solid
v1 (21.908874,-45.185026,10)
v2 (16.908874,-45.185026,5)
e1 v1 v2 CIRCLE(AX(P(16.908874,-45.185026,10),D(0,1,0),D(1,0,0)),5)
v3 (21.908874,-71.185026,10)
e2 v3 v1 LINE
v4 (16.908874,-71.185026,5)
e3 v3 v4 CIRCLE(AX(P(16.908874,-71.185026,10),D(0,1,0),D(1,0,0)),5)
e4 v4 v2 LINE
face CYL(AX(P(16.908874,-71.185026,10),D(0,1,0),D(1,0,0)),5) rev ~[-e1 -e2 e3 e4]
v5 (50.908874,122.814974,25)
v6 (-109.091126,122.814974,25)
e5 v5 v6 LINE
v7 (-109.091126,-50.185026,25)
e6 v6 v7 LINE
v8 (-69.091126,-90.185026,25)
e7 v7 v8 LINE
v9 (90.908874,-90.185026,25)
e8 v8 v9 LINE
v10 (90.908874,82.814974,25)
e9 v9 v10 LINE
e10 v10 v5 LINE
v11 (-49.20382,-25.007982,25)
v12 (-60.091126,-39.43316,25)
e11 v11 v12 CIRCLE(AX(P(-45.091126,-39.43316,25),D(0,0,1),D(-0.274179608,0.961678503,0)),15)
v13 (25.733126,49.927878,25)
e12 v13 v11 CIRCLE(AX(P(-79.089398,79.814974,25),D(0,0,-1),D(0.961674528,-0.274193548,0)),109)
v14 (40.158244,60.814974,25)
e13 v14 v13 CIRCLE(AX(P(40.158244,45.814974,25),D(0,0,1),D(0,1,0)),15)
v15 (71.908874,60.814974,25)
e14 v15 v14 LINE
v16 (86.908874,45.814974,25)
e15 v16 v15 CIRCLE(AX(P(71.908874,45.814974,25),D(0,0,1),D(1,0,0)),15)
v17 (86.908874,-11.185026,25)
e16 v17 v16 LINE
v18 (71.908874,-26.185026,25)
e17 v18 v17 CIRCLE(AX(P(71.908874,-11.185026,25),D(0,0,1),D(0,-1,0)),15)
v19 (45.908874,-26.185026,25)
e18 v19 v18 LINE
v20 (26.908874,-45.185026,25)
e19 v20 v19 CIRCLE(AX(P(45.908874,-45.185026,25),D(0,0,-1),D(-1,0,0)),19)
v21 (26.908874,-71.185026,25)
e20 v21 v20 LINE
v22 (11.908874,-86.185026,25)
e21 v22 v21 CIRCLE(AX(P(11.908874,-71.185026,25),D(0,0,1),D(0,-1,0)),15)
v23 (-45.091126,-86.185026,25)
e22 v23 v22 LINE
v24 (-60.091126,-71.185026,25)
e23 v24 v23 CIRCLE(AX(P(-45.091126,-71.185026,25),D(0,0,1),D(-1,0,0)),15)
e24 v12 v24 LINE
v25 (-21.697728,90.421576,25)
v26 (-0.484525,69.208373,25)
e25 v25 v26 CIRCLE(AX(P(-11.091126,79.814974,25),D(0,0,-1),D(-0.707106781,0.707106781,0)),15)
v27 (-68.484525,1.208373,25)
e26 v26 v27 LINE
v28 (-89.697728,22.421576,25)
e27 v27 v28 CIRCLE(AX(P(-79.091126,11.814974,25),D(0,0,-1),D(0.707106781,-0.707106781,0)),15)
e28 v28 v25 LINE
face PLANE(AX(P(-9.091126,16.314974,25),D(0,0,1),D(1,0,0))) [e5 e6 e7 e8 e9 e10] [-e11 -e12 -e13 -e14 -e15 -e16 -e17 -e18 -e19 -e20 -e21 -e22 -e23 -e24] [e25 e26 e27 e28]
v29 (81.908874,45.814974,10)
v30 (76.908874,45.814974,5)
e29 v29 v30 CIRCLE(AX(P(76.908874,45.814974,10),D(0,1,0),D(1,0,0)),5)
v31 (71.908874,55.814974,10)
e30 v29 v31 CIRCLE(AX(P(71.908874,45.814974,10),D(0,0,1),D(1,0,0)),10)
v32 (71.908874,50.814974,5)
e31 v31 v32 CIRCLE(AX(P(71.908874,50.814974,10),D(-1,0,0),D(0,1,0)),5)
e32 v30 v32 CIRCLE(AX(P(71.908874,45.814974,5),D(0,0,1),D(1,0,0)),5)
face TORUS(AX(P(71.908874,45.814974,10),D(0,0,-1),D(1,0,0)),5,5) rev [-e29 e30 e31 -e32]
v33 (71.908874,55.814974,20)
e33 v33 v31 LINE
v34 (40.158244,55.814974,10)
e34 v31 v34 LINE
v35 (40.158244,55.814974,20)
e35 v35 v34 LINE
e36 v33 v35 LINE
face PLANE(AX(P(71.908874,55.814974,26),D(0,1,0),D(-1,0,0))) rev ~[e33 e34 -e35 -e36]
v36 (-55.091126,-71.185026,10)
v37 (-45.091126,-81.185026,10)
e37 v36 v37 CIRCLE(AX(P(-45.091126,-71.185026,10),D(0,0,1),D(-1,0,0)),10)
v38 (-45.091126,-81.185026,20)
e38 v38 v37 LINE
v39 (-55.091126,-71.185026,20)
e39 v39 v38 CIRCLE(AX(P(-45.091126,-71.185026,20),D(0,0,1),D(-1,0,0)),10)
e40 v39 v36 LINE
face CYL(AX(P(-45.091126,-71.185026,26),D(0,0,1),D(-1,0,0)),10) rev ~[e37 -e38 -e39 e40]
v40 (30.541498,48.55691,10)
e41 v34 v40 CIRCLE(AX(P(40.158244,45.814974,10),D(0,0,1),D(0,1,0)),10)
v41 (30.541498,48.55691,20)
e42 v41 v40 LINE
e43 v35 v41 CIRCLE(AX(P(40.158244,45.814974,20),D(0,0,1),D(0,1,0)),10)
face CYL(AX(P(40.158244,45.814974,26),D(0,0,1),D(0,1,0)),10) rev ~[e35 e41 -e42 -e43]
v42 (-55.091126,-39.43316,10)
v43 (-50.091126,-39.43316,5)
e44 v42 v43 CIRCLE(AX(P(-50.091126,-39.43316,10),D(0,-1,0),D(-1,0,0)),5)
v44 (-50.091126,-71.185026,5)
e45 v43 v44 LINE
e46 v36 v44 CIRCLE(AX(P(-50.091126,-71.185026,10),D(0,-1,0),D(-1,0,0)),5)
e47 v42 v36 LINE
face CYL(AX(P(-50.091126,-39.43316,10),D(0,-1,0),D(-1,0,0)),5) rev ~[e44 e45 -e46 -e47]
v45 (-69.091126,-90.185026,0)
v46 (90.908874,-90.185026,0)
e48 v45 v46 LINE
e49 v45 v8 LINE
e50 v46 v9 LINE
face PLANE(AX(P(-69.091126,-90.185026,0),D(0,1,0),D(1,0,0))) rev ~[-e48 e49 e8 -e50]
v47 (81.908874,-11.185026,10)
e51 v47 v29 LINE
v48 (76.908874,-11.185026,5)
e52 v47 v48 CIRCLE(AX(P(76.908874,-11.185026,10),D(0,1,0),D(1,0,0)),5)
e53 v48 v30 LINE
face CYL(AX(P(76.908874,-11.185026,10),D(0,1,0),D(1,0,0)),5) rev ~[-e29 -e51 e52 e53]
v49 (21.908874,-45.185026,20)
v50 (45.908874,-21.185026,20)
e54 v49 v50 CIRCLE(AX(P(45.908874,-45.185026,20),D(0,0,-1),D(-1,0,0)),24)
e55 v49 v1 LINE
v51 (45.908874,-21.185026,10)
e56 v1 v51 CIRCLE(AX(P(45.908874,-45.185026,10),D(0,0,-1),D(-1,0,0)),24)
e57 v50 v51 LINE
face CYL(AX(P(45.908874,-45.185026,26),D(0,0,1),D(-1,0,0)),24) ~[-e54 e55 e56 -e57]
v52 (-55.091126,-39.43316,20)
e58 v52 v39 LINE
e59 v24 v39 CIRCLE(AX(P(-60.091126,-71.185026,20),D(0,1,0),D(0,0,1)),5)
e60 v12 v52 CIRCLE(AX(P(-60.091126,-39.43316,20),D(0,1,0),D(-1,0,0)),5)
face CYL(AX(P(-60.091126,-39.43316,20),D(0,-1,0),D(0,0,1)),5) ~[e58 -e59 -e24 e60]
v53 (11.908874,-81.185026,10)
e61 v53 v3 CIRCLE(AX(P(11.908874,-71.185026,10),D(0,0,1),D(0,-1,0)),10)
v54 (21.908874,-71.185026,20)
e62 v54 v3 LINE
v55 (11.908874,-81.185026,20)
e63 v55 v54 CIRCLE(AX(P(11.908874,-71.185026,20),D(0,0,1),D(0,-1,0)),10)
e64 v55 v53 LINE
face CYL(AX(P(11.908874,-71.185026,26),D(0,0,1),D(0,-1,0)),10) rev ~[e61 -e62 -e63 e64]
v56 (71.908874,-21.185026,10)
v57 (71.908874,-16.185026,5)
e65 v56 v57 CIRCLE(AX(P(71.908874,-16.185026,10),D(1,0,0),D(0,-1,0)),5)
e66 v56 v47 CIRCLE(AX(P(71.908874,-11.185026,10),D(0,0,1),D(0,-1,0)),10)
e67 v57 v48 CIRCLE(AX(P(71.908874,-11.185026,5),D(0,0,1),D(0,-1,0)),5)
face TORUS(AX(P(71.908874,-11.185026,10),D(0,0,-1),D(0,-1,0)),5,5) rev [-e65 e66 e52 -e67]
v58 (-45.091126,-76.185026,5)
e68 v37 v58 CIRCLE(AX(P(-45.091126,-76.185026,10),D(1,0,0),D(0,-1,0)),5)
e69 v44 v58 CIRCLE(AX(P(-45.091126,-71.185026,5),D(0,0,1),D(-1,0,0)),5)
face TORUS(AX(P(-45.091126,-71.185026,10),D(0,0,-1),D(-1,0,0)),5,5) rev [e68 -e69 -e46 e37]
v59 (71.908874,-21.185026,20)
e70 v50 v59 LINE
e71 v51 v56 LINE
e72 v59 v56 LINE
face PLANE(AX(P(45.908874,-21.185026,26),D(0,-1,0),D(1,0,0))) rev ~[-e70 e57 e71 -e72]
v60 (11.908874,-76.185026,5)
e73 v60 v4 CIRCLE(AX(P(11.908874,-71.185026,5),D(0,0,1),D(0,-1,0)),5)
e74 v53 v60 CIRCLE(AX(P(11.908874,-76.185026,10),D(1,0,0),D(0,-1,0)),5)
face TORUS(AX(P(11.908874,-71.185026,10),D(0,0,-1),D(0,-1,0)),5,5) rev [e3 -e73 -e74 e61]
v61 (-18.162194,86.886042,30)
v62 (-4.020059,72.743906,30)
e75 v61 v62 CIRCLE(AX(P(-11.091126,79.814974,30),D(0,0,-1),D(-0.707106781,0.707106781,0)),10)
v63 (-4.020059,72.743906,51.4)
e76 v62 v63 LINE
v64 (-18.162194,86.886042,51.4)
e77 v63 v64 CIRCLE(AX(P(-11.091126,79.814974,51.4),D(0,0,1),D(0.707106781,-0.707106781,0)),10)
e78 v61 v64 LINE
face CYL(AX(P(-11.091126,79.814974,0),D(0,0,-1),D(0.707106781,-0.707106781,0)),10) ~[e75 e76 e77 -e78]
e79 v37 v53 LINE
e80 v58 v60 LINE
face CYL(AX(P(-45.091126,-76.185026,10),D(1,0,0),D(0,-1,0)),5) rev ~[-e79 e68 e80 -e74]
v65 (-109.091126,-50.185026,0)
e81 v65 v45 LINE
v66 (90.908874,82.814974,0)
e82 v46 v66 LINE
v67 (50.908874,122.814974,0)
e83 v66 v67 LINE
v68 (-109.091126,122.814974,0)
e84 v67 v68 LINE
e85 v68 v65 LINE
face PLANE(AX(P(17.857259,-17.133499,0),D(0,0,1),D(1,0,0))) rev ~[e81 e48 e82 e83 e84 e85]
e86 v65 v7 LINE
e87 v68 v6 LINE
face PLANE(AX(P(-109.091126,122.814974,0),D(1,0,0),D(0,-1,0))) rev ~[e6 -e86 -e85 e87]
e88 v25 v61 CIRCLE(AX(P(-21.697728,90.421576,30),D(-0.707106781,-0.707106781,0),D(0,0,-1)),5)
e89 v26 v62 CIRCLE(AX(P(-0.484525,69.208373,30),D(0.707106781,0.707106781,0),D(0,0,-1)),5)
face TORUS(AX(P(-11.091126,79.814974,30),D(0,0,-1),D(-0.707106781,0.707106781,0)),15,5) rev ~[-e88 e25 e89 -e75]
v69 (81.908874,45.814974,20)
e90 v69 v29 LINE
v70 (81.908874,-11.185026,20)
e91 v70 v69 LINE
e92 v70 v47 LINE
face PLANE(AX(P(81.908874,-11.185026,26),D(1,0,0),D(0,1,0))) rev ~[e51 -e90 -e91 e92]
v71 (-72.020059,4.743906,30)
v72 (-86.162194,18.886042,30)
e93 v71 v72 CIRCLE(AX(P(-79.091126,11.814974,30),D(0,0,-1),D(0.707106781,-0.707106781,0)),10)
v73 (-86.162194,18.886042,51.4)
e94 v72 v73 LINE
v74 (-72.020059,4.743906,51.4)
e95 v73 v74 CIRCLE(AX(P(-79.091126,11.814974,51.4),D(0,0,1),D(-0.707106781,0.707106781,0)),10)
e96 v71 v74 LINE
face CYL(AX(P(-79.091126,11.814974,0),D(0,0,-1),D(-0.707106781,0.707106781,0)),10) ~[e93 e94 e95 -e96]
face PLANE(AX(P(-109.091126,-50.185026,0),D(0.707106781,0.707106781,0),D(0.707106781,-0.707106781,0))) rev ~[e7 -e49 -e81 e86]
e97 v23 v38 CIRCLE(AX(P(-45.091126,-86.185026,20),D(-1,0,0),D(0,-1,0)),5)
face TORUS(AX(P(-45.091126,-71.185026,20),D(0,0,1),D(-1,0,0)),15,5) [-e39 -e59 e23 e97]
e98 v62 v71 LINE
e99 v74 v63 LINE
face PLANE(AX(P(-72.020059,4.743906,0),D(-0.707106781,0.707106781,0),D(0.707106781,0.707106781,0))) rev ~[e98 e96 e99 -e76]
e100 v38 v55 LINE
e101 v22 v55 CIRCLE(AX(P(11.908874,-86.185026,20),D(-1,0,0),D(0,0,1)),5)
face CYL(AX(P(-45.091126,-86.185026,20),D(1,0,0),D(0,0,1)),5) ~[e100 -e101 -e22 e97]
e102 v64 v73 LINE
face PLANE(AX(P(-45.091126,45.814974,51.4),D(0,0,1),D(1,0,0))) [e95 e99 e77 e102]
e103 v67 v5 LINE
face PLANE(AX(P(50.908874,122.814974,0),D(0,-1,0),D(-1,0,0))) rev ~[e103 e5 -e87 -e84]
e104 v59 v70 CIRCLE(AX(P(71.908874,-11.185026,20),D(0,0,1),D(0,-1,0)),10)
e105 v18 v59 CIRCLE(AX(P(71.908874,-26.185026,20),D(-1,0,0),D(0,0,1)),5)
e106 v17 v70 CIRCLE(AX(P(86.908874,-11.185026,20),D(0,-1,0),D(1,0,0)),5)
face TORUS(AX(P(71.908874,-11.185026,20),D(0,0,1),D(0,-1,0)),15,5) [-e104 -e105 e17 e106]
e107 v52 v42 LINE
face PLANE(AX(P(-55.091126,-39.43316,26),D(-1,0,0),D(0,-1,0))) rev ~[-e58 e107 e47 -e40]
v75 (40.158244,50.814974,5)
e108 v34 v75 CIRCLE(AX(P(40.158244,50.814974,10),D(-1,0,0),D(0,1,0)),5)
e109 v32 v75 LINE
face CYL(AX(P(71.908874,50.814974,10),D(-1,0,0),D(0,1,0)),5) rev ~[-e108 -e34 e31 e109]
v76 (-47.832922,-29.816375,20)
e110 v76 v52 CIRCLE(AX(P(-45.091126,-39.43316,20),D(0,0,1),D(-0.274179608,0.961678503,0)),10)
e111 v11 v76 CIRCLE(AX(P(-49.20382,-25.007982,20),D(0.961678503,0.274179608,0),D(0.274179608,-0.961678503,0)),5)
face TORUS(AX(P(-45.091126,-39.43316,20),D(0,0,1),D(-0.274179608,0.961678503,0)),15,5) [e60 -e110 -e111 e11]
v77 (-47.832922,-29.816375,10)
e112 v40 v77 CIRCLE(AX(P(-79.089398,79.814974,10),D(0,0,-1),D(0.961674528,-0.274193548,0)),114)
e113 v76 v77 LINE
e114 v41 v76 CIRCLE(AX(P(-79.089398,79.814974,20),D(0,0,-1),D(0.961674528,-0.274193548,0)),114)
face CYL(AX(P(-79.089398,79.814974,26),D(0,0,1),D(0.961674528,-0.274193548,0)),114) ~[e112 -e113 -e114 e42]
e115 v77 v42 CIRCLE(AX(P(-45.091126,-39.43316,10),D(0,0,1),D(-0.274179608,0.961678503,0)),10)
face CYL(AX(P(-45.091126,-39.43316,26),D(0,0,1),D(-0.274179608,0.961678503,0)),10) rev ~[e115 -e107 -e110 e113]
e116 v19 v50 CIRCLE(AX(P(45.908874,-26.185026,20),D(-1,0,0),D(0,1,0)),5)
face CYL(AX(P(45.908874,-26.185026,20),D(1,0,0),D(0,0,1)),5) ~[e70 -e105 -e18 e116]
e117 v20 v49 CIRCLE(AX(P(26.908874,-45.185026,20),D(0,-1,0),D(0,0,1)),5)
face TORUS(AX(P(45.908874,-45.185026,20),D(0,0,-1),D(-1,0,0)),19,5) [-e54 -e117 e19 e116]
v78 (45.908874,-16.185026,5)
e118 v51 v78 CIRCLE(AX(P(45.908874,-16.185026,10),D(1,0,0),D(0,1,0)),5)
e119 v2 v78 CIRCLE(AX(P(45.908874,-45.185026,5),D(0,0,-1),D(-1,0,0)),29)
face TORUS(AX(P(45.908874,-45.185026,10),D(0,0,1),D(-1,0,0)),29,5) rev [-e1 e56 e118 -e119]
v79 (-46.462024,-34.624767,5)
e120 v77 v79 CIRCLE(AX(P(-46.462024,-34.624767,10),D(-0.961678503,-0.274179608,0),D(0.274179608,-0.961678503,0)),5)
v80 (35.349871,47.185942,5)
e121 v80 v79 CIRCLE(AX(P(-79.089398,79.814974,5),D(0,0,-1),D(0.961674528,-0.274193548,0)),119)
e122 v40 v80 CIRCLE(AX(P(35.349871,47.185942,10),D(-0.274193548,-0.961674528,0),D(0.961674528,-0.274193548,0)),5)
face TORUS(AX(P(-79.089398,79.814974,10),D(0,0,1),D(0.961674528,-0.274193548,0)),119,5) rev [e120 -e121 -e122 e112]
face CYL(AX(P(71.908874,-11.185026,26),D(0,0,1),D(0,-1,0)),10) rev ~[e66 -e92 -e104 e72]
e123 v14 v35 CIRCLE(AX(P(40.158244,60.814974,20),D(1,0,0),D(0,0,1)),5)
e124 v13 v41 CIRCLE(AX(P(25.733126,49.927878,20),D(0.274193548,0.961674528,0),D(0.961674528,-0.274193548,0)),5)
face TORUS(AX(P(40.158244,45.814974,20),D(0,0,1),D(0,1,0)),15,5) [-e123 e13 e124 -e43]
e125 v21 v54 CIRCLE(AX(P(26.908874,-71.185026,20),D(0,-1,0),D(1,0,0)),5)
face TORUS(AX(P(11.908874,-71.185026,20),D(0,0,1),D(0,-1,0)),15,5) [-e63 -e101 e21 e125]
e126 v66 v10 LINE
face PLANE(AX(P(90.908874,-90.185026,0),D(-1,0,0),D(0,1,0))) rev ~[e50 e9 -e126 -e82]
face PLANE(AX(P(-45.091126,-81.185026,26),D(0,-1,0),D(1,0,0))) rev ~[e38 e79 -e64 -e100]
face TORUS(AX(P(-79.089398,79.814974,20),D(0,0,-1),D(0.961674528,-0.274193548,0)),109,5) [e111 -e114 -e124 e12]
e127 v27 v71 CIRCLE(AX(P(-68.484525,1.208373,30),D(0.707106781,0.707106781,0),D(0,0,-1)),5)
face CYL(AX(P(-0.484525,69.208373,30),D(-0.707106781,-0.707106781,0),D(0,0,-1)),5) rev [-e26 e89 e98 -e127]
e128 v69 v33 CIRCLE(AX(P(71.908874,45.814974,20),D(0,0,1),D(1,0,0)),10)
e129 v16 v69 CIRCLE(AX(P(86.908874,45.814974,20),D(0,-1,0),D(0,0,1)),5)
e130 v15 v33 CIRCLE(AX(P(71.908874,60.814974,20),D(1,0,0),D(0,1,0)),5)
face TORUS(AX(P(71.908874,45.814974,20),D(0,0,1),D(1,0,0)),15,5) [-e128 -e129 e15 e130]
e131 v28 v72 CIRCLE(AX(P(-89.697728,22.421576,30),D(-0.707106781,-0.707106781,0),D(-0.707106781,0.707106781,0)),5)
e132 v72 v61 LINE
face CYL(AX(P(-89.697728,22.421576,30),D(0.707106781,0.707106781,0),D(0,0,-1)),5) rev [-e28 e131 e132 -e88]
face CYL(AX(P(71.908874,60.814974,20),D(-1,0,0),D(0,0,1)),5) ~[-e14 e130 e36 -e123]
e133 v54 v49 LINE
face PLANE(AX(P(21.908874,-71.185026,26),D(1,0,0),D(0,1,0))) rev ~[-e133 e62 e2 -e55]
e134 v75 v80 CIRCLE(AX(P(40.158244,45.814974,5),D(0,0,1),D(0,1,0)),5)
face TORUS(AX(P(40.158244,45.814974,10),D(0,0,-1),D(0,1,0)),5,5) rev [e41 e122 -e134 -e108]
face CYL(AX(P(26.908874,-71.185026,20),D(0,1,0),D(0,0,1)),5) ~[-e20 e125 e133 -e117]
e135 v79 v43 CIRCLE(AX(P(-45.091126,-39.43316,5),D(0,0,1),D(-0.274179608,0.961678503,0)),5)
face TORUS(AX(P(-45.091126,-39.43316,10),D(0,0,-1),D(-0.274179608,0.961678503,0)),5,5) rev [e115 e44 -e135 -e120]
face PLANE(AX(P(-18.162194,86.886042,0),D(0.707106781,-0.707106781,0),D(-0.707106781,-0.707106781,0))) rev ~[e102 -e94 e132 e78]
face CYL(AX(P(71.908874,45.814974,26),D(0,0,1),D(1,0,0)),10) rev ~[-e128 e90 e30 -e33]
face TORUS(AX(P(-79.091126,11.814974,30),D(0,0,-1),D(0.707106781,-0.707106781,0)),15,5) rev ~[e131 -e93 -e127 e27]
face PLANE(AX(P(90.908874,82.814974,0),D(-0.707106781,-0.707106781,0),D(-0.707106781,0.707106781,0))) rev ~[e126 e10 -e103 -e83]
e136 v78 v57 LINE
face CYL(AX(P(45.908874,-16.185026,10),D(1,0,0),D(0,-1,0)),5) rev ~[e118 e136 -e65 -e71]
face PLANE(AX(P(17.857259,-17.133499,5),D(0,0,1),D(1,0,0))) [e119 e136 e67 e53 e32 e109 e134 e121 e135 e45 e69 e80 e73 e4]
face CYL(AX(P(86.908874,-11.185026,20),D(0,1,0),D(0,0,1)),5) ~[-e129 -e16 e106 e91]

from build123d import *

# Parameters (mm, degrees)
F1_DEPTH = 25
F2_DEPTH = 51.4
F3_R     = 5
F4_DEPTH = 26
F5_DEPTH = 21
F6_R     = 5


with BuildPart() as f1:
    # F0 (on Top) → F1 (new body)
    with BuildSketch(Plane.XY):
        Polygon((-109.0911263708, -50.1850256925), (-69.0911263708, -90.1850256925), (90.9088736292, -90.1850256925), (90.9088736292, 79.8149743075), (90.9088736292, 82.8149743075), (50.9088736292, 122.8149743075), (-109.0911263708, 122.8149743075), align=None)
        with BuildLine():
            ThreePointArc((-55.0911263708, -39.4331600105), (-53.0729169233, -33.4089571938), (-47.8329224556, -29.8163749848))
            ThreePointArc((-47.8329224556, -29.8163749848), (1.5201909917, -0.7957829849), (30.5414983829, 48.5569097914))
            ThreePointArc((30.5414983829, 48.5569097914), (34.1340986973, 53.7968085215), (40.158243664, 55.8149743075))
            Line((40.158243664, 55.8149743075), (71.9088736292, 55.8149743075))
            ThreePointArc((71.9088736292, 55.8149743075), (78.979941441, 52.8860421194), (81.9088736292, 45.8149743075))
            Line((81.9088736292, 45.8149743075), (81.9088736292, -11.1850256925))
            ThreePointArc((81.9088736292, -11.1850256925), (78.979941441, -18.2560935043), (71.9088736292, -21.1850256925))
            Line((71.9088736292, -21.1850256925), (45.9088736292, -21.1850256925))
            ThreePointArc((45.9088736292, -21.1850256925), (28.9383108807, -28.214462944), (21.9088736292, -45.1850256925))
            Line((21.9088736292, -45.1850256925), (21.9088736292, -71.1850256925))
            ThreePointArc((21.9088736292, -71.1850256925), (18.979941441, -78.2560935043), (11.9088736292, -81.1850256925))
            Line((11.9088736292, -81.1850256925), (-45.0911263708, -81.1850256925))
            ThreePointArc((-45.0911263708, -81.1850256925), (-52.1621941827, -78.2560935043), (-55.0911263708, -71.1850256925))
            Line((-55.0911263708, -71.1850256925), (-55.0911263708, -39.4331600105))
        make_face(mode=Mode.SUBTRACT)
        with BuildLine():
            ThreePointArc((-25.2332619945, 93.9571099313), (3.3880299167, 93.6118592169), (2.3524786931, 65.0072235369))
            Line((2.3524786931, 65.0072235369), (-64.9455336496, -2.3237033734))
            ThreePointArc((-64.9455336496, -2.3237033734), (-93.2298044744, -2.3271608935), (-93.2332619945, 25.9571099313))
            Line((-93.2332619945, 25.9571099313), (-25.2332619945, 93.9571099313))
        make_face(mode=Mode.SUBTRACT)
        with BuildLine():
            ThreePointArc((30.5414983829, 48.5569097914), (1.5201909917, -0.7957829849), (-47.8329224556, -29.8163749848))
            ThreePointArc((-47.8329224556, -29.8163749848), (-53.0729169233, -33.4089571938), (-55.0911263708, -39.4331600105))
            Line((-55.0911263708, -39.4331600105), (-55.0911263708, -71.1850256925))
            ThreePointArc((-55.0911263708, -71.1850256925), (-52.1621941827, -78.2560935043), (-45.0911263708, -81.1850256925))
            Line((-45.0911263708, -81.1850256925), (11.9088736292, -81.1850256925))
            ThreePointArc((11.9088736292, -81.1850256925), (18.979941441, -78.2560935043), (21.9088736292, -71.1850256925))
            Line((21.9088736292, -71.1850256925), (21.9088736292, -45.1850256925))
            ThreePointArc((21.9088736292, -45.1850256925), (28.9383108807, -28.214462944), (45.9088736292, -21.1850256925))
            Line((45.9088736292, -21.1850256925), (71.9088736292, -21.1850256925))
            ThreePointArc((71.9088736292, -21.1850256925), (78.979941441, -18.2560935043), (81.9088736292, -11.1850256925))
            Line((81.9088736292, -11.1850256925), (81.9088736292, 45.8149743075))
            ThreePointArc((81.9088736292, 45.8149743075), (78.979941441, 52.8860421194), (71.9088736292, 55.8149743075))
            Line((71.9088736292, 55.8149743075), (40.158243664, 55.8149743075))
            ThreePointArc((40.158243664, 55.8149743075), (34.1340986973, 53.7968085215), (30.5414983829, 48.5569097914))
        make_face()
        with BuildLine():
            Line((-64.9455336496, -2.3237033734), (2.3524786931, 65.0072235369))
            ThreePointArc((2.3524786931, 65.0072235369), (3.3880299167, 93.6118592169), (-25.2332619945, 93.9571099313))
            Line((-25.2332619945, 93.9571099313), (-93.2332619945, 25.9571099313))
            ThreePointArc((-93.2332619945, 25.9571099313), (-93.2298044744, -2.3271608935), (-64.9455336496, -2.3237033734))
        make_face()
        with BuildLine():
            ThreePointArc((-72.020058559, 4.7439064957), (-86.1621941827, 4.7439064957), (-86.1621941827, 18.8860421194))
            Line((-86.1621941827, 18.8860421194), (-18.1621941827, 86.8860421194))
            ThreePointArc((-18.1621941827, 86.8860421194), (-4.020058559, 86.8860421194), (-4.020058559, 72.7439064957))
            Line((-4.020058559, 72.7439064957), (-72.020058559, 4.7439064957))
        make_face(mode=Mode.SUBTRACT)
        with BuildLine():
            Line((-18.1621941827, 86.8860421194), (-86.1621941827, 18.8860421194))
            ThreePointArc((-86.1621941827, 18.8860421194), (-86.1621941827, 4.7439064957), (-72.020058559, 4.7439064957))
            Line((-72.020058559, 4.7439064957), (-4.020058559, 72.7439064957))
            ThreePointArc((-4.020058559, 72.7439064957), (-4.020058559, 86.8860421194), (-18.1621941827, 86.8860421194))
        make_face()
    extrude(amount=F1_DEPTH)

    # F0 (on Top) → F2 (join)
    with BuildSketch(Plane.XY):
        with BuildLine():
            Line((-18.1621941827, 86.8860421194), (-86.1621941827, 18.8860421194))
            ThreePointArc((-86.1621941827, 18.8860421194), (-86.1621941827, 4.7439064957), (-72.020058559, 4.7439064957))
            Line((-72.020058559, 4.7439064957), (-4.020058559, 72.7439064957))
            ThreePointArc((-4.020058559, 72.7439064957), (-4.020058559, 86.8860421194), (-18.1621941827, 86.8860421194))
        make_face()
    extrude(amount=F2_DEPTH)

    # F3
    f3_edges = [f1.edges().sort_by_distance(p)[0] for p in [
        (-38.020059, 38.743906, 25),
    ]]
    fillet(f3_edges, radius=F3_R)

    # F0 (on Top) → F4 (join)
    with BuildSketch(Plane.XY):
        with BuildLine():
            ThreePointArc((30.5414983829, 48.5569097914), (1.5201909917, -0.7957829849), (-47.8329224556, -29.8163749848))
            ThreePointArc((-47.8329224556, -29.8163749848), (-53.0729169233, -33.4089571938), (-55.0911263708, -39.4331600105))
            Line((-55.0911263708, -39.4331600105), (-55.0911263708, -71.1850256925))
            ThreePointArc((-55.0911263708, -71.1850256925), (-52.1621941827, -78.2560935043), (-45.0911263708, -81.1850256925))
            Line((-45.0911263708, -81.1850256925), (11.9088736292, -81.1850256925))
            ThreePointArc((11.9088736292, -81.1850256925), (18.979941441, -78.2560935043), (21.9088736292, -71.1850256925))
            Line((21.9088736292, -71.1850256925), (21.9088736292, -45.1850256925))
            ThreePointArc((21.9088736292, -45.1850256925), (28.9383108807, -28.214462944), (45.9088736292, -21.1850256925))
            Line((45.9088736292, -21.1850256925), (71.9088736292, -21.1850256925))
            ThreePointArc((71.9088736292, -21.1850256925), (78.979941441, -18.2560935043), (81.9088736292, -11.1850256925))
            Line((81.9088736292, -11.1850256925), (81.9088736292, 45.8149743075))
            ThreePointArc((81.9088736292, 45.8149743075), (78.979941441, 52.8860421194), (71.9088736292, 55.8149743075))
            Line((71.9088736292, 55.8149743075), (40.158243664, 55.8149743075))
            ThreePointArc((40.158243664, 55.8149743075), (34.1340986973, 53.7968085215), (30.5414983829, 48.5569097914))
        make_face()
    extrude(amount=F4_DEPTH)

    # F5 (cut): a face of the model
    f5_faces = [f1.faces().sort_by_distance(p)[0] for p in [
        (17.7294443372, -17.0058627659, 26),
    ]]
    extrude(f5_faces, amount=-F5_DEPTH, mode=Mode.SUBTRACT)

    # F6
    f6_edges = [f1.edges().sort_by_distance(p)[0] for p in [
        (1.520191, -0.795783, 25),
        (1.520191, -0.795783, 5),
    ]]
    fillet(f6_edges, radius=F6_R)


solid = f1.part
